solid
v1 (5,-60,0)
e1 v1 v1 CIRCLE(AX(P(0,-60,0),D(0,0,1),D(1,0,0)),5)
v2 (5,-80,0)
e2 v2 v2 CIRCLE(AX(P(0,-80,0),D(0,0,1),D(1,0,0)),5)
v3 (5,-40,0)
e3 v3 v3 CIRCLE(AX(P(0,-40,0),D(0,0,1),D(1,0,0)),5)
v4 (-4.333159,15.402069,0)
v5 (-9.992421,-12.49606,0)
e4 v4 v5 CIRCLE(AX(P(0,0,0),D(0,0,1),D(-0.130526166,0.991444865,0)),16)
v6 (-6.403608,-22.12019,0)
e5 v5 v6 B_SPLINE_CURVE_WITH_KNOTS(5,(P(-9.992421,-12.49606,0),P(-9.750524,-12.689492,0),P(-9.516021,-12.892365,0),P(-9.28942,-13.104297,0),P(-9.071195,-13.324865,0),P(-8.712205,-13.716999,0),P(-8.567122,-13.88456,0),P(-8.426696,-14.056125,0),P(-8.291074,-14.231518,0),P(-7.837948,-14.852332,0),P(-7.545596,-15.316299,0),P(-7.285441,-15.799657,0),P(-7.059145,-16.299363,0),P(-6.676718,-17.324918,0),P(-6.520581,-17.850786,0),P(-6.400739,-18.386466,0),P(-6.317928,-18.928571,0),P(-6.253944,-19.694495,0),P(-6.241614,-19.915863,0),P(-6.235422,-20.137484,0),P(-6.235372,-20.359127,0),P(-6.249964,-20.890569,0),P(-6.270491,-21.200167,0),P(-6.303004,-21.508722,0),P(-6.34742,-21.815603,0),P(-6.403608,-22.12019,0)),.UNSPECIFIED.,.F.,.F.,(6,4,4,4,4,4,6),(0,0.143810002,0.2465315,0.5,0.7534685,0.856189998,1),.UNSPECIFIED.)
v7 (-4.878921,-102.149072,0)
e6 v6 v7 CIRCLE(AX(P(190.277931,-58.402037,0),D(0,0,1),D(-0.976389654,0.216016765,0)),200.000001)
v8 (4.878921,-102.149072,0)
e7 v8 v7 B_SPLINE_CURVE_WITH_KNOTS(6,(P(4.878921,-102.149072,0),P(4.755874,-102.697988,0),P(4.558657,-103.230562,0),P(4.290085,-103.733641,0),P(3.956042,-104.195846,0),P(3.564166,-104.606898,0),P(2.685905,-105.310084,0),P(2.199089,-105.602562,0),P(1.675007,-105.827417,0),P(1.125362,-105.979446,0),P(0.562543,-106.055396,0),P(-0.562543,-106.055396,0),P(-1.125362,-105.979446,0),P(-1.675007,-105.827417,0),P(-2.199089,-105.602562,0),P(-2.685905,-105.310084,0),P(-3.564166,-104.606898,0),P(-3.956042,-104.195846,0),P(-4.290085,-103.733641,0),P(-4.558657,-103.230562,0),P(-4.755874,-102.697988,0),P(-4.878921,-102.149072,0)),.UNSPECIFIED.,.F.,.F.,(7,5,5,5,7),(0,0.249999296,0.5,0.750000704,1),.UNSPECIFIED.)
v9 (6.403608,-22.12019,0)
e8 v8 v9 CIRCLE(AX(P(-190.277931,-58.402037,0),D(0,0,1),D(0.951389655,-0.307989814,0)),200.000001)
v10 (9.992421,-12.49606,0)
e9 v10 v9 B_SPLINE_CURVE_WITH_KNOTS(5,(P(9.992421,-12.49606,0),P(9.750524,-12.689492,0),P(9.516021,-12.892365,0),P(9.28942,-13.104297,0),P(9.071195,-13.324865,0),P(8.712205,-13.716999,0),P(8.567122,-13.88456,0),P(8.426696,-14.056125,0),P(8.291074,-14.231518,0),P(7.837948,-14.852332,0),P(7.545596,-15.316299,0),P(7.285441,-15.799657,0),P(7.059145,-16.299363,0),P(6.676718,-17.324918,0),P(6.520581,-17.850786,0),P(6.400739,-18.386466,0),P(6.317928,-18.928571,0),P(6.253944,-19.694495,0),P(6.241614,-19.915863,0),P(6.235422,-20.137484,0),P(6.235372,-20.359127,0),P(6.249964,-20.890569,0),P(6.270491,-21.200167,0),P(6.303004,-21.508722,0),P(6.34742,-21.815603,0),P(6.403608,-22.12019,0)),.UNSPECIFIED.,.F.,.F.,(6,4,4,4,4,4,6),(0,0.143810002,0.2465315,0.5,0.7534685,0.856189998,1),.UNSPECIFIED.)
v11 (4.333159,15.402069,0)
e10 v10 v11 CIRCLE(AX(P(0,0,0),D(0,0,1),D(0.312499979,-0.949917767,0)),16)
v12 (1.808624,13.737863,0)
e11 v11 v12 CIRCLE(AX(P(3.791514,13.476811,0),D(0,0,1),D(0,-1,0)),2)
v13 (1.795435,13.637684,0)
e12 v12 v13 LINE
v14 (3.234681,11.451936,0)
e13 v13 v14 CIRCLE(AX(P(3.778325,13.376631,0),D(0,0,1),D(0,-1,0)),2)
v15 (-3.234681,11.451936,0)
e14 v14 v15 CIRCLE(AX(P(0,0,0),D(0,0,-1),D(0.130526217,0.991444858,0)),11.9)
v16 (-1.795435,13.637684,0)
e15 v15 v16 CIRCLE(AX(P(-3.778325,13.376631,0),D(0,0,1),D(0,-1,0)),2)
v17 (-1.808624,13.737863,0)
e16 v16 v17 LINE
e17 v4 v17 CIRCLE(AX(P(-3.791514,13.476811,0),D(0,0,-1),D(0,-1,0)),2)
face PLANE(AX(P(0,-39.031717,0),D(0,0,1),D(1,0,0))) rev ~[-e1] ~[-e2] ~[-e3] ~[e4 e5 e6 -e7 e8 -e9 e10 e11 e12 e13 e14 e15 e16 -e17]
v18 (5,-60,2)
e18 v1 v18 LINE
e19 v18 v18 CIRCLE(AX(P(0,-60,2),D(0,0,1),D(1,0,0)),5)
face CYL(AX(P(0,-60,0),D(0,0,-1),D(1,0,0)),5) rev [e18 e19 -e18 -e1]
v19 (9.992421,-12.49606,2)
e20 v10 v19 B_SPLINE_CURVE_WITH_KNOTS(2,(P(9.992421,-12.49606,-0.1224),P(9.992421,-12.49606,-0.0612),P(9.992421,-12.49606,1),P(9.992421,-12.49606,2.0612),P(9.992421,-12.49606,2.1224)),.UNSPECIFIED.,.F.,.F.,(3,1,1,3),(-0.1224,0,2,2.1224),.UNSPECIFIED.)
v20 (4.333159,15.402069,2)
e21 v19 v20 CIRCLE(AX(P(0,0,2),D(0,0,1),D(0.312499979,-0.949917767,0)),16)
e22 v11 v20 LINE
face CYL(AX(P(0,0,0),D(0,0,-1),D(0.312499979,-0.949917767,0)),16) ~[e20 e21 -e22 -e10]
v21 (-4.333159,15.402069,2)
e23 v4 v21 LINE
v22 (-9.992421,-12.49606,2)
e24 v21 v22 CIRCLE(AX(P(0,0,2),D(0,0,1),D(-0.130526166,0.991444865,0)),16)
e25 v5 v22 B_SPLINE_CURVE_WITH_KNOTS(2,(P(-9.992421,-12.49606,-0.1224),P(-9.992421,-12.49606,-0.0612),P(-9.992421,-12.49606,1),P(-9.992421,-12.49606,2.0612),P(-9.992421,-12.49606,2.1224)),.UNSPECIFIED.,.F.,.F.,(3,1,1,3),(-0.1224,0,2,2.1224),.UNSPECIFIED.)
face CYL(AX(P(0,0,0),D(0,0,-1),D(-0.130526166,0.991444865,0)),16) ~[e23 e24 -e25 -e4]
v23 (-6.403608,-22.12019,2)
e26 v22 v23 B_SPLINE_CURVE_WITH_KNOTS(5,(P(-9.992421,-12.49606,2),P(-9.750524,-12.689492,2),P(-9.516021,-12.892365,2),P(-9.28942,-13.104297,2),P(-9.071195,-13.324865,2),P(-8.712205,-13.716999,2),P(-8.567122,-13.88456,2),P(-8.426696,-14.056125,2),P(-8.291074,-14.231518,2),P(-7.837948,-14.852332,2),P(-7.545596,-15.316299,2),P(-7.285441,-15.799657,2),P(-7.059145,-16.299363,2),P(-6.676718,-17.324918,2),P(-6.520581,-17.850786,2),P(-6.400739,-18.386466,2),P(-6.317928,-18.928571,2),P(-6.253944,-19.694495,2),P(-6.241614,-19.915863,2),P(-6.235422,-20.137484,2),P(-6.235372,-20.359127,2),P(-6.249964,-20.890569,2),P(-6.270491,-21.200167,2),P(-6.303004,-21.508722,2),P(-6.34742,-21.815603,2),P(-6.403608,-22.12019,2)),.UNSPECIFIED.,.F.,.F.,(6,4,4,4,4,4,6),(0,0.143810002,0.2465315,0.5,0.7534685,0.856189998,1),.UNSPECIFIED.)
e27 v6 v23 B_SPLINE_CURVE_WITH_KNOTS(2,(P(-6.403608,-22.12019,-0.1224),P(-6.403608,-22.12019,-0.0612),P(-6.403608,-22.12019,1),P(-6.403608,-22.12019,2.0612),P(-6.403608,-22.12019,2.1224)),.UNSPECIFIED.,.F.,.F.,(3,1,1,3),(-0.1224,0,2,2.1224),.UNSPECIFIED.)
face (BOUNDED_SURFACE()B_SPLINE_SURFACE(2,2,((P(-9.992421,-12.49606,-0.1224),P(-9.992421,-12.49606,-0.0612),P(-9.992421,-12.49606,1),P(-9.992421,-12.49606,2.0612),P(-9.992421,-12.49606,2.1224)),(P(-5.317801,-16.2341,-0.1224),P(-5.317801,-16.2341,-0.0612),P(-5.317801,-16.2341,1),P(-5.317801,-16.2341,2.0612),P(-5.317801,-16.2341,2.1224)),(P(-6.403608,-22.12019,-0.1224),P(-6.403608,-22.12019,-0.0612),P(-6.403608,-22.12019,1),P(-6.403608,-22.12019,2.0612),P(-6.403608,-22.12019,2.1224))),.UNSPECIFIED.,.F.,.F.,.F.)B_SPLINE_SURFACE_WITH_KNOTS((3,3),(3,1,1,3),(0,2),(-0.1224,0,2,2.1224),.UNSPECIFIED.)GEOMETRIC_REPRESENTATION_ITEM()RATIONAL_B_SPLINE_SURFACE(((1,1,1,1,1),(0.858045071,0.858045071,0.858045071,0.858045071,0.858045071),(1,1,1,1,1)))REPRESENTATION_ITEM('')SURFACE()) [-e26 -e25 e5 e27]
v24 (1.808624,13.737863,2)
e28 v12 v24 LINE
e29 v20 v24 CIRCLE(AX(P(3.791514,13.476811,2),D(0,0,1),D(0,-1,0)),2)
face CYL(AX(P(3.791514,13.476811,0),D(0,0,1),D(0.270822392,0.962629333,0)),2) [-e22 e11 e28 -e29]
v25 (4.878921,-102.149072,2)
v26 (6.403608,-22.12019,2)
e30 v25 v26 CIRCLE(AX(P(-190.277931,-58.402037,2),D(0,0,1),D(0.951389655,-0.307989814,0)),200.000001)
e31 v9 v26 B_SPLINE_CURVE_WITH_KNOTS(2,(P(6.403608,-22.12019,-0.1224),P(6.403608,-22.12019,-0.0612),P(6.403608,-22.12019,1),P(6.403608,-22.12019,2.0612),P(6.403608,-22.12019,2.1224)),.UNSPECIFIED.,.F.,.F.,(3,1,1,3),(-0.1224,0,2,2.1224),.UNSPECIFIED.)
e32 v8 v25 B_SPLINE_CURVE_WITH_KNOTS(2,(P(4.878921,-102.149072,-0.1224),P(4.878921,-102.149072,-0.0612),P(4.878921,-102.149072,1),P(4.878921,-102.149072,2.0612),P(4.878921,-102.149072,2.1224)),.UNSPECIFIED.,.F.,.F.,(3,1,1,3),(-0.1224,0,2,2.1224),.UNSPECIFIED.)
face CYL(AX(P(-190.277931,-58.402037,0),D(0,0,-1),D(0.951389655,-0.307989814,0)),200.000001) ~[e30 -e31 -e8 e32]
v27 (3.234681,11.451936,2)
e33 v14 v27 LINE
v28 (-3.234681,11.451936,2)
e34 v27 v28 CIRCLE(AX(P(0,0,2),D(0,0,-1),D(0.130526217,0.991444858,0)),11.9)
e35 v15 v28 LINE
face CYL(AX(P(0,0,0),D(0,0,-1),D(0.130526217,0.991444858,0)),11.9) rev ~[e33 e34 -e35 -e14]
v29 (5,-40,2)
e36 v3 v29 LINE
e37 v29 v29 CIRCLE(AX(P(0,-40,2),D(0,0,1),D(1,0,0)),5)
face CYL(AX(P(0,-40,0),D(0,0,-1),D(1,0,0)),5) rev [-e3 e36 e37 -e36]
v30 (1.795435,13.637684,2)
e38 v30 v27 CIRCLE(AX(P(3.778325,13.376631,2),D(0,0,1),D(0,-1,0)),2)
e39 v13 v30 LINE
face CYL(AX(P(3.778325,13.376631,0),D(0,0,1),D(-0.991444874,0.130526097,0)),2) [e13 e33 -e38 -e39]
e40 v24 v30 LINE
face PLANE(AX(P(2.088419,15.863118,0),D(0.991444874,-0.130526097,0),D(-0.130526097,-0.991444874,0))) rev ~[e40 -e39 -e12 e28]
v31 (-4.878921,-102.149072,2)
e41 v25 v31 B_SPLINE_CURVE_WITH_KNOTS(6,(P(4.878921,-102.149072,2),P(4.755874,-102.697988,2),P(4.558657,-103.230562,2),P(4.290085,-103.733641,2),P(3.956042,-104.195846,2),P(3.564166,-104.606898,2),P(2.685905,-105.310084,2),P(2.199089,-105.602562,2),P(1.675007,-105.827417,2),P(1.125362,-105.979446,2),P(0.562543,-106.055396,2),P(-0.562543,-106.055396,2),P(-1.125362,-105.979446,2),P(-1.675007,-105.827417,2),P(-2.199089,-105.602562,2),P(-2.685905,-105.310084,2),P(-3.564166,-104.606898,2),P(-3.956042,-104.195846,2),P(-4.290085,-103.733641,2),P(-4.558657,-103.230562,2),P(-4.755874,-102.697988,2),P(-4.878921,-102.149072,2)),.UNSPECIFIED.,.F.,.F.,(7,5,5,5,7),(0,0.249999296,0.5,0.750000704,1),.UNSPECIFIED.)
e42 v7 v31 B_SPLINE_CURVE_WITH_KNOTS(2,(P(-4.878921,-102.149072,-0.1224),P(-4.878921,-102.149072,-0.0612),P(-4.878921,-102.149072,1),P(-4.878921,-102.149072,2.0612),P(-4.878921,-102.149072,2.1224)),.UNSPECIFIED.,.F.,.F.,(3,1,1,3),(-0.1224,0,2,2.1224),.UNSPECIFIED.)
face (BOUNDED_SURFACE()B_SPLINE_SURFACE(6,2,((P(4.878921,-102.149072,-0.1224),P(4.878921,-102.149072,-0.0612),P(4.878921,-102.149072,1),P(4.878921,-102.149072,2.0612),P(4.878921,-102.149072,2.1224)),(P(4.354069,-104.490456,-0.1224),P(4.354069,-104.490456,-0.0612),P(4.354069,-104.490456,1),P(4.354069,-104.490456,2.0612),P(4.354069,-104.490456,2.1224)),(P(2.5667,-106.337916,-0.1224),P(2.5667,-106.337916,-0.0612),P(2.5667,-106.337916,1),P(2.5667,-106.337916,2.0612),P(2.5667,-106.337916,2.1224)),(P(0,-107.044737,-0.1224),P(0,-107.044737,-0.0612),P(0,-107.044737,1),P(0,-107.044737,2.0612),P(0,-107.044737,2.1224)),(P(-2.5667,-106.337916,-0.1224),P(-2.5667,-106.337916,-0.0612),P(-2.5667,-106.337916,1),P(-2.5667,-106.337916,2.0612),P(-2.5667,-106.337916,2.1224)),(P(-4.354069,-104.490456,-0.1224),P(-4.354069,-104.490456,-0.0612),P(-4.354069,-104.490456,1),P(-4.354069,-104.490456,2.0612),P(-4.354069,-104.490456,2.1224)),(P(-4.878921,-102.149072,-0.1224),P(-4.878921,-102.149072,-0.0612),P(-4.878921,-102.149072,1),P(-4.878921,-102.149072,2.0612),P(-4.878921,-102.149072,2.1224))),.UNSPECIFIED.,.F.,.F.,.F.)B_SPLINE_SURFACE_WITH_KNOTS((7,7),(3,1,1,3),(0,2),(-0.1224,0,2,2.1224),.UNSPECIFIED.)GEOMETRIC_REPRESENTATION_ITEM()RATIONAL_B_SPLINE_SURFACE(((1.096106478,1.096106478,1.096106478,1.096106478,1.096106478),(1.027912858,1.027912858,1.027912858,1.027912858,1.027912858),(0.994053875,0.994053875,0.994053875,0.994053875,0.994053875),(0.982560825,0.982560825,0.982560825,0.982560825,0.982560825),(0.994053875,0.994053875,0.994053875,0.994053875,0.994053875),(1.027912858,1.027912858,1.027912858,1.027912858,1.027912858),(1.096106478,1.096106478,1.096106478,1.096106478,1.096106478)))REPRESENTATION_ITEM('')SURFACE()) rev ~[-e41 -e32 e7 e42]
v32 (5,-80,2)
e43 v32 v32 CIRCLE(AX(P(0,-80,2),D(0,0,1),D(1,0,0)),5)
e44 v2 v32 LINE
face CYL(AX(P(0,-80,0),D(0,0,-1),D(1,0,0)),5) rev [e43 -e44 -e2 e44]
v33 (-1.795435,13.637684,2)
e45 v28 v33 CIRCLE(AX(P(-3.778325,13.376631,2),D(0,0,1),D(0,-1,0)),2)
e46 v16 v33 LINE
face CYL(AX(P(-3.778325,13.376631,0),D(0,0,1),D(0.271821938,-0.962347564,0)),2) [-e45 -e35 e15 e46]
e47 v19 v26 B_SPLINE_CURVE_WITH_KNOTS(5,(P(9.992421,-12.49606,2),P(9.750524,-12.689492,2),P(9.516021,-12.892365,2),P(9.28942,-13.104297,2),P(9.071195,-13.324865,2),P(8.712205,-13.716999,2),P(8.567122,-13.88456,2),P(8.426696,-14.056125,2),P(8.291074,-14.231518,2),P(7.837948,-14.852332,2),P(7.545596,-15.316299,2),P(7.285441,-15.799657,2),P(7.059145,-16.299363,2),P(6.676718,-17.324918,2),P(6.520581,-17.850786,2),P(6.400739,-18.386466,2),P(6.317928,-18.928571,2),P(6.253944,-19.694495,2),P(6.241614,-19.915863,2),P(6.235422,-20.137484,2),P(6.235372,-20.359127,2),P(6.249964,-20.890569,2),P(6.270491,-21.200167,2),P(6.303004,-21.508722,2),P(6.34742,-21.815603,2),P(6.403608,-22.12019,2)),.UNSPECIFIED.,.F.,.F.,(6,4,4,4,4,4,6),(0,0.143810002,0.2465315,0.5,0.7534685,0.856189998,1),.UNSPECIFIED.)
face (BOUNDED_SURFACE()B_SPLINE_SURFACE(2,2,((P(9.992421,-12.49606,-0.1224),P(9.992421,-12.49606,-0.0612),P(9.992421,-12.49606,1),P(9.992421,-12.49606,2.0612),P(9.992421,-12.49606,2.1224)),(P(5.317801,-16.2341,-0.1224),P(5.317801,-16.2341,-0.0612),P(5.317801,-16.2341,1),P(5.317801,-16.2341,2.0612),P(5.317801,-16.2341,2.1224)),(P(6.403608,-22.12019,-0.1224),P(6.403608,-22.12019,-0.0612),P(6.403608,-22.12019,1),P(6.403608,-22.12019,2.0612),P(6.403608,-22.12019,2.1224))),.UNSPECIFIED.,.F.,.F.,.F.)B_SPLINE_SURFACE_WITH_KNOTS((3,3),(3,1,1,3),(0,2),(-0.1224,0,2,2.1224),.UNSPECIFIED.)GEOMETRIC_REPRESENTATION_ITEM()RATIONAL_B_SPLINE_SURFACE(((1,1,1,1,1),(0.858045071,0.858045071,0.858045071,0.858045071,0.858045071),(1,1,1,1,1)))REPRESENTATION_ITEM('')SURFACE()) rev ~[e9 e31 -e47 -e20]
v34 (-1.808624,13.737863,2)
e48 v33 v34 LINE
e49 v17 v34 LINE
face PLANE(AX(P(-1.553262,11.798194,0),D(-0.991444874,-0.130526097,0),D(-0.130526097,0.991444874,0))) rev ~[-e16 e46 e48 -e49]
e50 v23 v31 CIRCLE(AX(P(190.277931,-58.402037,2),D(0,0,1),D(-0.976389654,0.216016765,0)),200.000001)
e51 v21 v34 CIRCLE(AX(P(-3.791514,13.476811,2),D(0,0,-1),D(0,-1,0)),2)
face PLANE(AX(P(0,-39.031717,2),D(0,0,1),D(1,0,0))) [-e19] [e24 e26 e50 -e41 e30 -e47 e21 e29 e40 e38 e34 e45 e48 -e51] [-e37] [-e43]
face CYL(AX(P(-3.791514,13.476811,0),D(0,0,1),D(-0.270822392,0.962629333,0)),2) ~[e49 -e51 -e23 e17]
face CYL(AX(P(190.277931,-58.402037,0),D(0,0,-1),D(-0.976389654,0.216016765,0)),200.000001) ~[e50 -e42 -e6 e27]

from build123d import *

# Parameters (mm, degrees)
F0_R     = 5
F1_DEPTH = 2
F2_R     = 10
F3_R     = 5
F4_R     = 2


with BuildPart() as f1:
    # F0 (on Top) → F1 (new body)
    with BuildSketch(Plane.XY):
        with BuildLine():
            ThreePointArc((1.553262, 11.798194), (0, -11.9), (-1.553262, 11.798194))
            Line((-1.553262, 11.798194), (-2.088419, 15.863118))
            ThreePointArc((-2.088419, 15.863118), (-15.93017, 1.493216), (-5, -15.198684))
            ThreePointArc((-5, -15.198684), (-9.494839, -67.933061), (0, -120))
            ThreePointArc((0, -120), (9.494839, -67.933061), (5, -15.198684))
            ThreePointArc((5, -15.198684), (15.93017, 1.493216), (2.088419, 15.863118))
            Line((2.088419, 15.863118), (1.553262, 11.798194))
        make_face()
        with Locations((0, -80)):
            Circle(F0_R, mode=Mode.SUBTRACT)
        with Locations((0, -60)):
            Circle(F0_R, mode=Mode.SUBTRACT)
        with Locations((0, -40)):
            Circle(F0_R, mode=Mode.SUBTRACT)
    extrude(amount=F1_DEPTH)

    # F2
    f2_edges = [f1.edges().sort_by_distance(p)[0] for p in [
        (5, -15.198684, 1),
        (-5, -15.198684, 1),
    ]]
    fillet(f2_edges, radius=F2_R)

    # F3
    f3_edges = [f1.edges().sort_by_distance(p)[0] for p in [
        (0, -120, 1),
    ]]
    fillet(f3_edges, radius=F3_R)

    # F4
    f4_edges = [f1.edges().sort_by_distance(p)[0] for p in [
        (-1.553262, 11.798194, 1),
        (1.553262, 11.798194, 1),
        (-2.088419, 15.863118, 1),
        (2.088419, 15.863118, 1),
    ]]
    fillet(f4_edges, radius=F4_R)


solid = f1.part
